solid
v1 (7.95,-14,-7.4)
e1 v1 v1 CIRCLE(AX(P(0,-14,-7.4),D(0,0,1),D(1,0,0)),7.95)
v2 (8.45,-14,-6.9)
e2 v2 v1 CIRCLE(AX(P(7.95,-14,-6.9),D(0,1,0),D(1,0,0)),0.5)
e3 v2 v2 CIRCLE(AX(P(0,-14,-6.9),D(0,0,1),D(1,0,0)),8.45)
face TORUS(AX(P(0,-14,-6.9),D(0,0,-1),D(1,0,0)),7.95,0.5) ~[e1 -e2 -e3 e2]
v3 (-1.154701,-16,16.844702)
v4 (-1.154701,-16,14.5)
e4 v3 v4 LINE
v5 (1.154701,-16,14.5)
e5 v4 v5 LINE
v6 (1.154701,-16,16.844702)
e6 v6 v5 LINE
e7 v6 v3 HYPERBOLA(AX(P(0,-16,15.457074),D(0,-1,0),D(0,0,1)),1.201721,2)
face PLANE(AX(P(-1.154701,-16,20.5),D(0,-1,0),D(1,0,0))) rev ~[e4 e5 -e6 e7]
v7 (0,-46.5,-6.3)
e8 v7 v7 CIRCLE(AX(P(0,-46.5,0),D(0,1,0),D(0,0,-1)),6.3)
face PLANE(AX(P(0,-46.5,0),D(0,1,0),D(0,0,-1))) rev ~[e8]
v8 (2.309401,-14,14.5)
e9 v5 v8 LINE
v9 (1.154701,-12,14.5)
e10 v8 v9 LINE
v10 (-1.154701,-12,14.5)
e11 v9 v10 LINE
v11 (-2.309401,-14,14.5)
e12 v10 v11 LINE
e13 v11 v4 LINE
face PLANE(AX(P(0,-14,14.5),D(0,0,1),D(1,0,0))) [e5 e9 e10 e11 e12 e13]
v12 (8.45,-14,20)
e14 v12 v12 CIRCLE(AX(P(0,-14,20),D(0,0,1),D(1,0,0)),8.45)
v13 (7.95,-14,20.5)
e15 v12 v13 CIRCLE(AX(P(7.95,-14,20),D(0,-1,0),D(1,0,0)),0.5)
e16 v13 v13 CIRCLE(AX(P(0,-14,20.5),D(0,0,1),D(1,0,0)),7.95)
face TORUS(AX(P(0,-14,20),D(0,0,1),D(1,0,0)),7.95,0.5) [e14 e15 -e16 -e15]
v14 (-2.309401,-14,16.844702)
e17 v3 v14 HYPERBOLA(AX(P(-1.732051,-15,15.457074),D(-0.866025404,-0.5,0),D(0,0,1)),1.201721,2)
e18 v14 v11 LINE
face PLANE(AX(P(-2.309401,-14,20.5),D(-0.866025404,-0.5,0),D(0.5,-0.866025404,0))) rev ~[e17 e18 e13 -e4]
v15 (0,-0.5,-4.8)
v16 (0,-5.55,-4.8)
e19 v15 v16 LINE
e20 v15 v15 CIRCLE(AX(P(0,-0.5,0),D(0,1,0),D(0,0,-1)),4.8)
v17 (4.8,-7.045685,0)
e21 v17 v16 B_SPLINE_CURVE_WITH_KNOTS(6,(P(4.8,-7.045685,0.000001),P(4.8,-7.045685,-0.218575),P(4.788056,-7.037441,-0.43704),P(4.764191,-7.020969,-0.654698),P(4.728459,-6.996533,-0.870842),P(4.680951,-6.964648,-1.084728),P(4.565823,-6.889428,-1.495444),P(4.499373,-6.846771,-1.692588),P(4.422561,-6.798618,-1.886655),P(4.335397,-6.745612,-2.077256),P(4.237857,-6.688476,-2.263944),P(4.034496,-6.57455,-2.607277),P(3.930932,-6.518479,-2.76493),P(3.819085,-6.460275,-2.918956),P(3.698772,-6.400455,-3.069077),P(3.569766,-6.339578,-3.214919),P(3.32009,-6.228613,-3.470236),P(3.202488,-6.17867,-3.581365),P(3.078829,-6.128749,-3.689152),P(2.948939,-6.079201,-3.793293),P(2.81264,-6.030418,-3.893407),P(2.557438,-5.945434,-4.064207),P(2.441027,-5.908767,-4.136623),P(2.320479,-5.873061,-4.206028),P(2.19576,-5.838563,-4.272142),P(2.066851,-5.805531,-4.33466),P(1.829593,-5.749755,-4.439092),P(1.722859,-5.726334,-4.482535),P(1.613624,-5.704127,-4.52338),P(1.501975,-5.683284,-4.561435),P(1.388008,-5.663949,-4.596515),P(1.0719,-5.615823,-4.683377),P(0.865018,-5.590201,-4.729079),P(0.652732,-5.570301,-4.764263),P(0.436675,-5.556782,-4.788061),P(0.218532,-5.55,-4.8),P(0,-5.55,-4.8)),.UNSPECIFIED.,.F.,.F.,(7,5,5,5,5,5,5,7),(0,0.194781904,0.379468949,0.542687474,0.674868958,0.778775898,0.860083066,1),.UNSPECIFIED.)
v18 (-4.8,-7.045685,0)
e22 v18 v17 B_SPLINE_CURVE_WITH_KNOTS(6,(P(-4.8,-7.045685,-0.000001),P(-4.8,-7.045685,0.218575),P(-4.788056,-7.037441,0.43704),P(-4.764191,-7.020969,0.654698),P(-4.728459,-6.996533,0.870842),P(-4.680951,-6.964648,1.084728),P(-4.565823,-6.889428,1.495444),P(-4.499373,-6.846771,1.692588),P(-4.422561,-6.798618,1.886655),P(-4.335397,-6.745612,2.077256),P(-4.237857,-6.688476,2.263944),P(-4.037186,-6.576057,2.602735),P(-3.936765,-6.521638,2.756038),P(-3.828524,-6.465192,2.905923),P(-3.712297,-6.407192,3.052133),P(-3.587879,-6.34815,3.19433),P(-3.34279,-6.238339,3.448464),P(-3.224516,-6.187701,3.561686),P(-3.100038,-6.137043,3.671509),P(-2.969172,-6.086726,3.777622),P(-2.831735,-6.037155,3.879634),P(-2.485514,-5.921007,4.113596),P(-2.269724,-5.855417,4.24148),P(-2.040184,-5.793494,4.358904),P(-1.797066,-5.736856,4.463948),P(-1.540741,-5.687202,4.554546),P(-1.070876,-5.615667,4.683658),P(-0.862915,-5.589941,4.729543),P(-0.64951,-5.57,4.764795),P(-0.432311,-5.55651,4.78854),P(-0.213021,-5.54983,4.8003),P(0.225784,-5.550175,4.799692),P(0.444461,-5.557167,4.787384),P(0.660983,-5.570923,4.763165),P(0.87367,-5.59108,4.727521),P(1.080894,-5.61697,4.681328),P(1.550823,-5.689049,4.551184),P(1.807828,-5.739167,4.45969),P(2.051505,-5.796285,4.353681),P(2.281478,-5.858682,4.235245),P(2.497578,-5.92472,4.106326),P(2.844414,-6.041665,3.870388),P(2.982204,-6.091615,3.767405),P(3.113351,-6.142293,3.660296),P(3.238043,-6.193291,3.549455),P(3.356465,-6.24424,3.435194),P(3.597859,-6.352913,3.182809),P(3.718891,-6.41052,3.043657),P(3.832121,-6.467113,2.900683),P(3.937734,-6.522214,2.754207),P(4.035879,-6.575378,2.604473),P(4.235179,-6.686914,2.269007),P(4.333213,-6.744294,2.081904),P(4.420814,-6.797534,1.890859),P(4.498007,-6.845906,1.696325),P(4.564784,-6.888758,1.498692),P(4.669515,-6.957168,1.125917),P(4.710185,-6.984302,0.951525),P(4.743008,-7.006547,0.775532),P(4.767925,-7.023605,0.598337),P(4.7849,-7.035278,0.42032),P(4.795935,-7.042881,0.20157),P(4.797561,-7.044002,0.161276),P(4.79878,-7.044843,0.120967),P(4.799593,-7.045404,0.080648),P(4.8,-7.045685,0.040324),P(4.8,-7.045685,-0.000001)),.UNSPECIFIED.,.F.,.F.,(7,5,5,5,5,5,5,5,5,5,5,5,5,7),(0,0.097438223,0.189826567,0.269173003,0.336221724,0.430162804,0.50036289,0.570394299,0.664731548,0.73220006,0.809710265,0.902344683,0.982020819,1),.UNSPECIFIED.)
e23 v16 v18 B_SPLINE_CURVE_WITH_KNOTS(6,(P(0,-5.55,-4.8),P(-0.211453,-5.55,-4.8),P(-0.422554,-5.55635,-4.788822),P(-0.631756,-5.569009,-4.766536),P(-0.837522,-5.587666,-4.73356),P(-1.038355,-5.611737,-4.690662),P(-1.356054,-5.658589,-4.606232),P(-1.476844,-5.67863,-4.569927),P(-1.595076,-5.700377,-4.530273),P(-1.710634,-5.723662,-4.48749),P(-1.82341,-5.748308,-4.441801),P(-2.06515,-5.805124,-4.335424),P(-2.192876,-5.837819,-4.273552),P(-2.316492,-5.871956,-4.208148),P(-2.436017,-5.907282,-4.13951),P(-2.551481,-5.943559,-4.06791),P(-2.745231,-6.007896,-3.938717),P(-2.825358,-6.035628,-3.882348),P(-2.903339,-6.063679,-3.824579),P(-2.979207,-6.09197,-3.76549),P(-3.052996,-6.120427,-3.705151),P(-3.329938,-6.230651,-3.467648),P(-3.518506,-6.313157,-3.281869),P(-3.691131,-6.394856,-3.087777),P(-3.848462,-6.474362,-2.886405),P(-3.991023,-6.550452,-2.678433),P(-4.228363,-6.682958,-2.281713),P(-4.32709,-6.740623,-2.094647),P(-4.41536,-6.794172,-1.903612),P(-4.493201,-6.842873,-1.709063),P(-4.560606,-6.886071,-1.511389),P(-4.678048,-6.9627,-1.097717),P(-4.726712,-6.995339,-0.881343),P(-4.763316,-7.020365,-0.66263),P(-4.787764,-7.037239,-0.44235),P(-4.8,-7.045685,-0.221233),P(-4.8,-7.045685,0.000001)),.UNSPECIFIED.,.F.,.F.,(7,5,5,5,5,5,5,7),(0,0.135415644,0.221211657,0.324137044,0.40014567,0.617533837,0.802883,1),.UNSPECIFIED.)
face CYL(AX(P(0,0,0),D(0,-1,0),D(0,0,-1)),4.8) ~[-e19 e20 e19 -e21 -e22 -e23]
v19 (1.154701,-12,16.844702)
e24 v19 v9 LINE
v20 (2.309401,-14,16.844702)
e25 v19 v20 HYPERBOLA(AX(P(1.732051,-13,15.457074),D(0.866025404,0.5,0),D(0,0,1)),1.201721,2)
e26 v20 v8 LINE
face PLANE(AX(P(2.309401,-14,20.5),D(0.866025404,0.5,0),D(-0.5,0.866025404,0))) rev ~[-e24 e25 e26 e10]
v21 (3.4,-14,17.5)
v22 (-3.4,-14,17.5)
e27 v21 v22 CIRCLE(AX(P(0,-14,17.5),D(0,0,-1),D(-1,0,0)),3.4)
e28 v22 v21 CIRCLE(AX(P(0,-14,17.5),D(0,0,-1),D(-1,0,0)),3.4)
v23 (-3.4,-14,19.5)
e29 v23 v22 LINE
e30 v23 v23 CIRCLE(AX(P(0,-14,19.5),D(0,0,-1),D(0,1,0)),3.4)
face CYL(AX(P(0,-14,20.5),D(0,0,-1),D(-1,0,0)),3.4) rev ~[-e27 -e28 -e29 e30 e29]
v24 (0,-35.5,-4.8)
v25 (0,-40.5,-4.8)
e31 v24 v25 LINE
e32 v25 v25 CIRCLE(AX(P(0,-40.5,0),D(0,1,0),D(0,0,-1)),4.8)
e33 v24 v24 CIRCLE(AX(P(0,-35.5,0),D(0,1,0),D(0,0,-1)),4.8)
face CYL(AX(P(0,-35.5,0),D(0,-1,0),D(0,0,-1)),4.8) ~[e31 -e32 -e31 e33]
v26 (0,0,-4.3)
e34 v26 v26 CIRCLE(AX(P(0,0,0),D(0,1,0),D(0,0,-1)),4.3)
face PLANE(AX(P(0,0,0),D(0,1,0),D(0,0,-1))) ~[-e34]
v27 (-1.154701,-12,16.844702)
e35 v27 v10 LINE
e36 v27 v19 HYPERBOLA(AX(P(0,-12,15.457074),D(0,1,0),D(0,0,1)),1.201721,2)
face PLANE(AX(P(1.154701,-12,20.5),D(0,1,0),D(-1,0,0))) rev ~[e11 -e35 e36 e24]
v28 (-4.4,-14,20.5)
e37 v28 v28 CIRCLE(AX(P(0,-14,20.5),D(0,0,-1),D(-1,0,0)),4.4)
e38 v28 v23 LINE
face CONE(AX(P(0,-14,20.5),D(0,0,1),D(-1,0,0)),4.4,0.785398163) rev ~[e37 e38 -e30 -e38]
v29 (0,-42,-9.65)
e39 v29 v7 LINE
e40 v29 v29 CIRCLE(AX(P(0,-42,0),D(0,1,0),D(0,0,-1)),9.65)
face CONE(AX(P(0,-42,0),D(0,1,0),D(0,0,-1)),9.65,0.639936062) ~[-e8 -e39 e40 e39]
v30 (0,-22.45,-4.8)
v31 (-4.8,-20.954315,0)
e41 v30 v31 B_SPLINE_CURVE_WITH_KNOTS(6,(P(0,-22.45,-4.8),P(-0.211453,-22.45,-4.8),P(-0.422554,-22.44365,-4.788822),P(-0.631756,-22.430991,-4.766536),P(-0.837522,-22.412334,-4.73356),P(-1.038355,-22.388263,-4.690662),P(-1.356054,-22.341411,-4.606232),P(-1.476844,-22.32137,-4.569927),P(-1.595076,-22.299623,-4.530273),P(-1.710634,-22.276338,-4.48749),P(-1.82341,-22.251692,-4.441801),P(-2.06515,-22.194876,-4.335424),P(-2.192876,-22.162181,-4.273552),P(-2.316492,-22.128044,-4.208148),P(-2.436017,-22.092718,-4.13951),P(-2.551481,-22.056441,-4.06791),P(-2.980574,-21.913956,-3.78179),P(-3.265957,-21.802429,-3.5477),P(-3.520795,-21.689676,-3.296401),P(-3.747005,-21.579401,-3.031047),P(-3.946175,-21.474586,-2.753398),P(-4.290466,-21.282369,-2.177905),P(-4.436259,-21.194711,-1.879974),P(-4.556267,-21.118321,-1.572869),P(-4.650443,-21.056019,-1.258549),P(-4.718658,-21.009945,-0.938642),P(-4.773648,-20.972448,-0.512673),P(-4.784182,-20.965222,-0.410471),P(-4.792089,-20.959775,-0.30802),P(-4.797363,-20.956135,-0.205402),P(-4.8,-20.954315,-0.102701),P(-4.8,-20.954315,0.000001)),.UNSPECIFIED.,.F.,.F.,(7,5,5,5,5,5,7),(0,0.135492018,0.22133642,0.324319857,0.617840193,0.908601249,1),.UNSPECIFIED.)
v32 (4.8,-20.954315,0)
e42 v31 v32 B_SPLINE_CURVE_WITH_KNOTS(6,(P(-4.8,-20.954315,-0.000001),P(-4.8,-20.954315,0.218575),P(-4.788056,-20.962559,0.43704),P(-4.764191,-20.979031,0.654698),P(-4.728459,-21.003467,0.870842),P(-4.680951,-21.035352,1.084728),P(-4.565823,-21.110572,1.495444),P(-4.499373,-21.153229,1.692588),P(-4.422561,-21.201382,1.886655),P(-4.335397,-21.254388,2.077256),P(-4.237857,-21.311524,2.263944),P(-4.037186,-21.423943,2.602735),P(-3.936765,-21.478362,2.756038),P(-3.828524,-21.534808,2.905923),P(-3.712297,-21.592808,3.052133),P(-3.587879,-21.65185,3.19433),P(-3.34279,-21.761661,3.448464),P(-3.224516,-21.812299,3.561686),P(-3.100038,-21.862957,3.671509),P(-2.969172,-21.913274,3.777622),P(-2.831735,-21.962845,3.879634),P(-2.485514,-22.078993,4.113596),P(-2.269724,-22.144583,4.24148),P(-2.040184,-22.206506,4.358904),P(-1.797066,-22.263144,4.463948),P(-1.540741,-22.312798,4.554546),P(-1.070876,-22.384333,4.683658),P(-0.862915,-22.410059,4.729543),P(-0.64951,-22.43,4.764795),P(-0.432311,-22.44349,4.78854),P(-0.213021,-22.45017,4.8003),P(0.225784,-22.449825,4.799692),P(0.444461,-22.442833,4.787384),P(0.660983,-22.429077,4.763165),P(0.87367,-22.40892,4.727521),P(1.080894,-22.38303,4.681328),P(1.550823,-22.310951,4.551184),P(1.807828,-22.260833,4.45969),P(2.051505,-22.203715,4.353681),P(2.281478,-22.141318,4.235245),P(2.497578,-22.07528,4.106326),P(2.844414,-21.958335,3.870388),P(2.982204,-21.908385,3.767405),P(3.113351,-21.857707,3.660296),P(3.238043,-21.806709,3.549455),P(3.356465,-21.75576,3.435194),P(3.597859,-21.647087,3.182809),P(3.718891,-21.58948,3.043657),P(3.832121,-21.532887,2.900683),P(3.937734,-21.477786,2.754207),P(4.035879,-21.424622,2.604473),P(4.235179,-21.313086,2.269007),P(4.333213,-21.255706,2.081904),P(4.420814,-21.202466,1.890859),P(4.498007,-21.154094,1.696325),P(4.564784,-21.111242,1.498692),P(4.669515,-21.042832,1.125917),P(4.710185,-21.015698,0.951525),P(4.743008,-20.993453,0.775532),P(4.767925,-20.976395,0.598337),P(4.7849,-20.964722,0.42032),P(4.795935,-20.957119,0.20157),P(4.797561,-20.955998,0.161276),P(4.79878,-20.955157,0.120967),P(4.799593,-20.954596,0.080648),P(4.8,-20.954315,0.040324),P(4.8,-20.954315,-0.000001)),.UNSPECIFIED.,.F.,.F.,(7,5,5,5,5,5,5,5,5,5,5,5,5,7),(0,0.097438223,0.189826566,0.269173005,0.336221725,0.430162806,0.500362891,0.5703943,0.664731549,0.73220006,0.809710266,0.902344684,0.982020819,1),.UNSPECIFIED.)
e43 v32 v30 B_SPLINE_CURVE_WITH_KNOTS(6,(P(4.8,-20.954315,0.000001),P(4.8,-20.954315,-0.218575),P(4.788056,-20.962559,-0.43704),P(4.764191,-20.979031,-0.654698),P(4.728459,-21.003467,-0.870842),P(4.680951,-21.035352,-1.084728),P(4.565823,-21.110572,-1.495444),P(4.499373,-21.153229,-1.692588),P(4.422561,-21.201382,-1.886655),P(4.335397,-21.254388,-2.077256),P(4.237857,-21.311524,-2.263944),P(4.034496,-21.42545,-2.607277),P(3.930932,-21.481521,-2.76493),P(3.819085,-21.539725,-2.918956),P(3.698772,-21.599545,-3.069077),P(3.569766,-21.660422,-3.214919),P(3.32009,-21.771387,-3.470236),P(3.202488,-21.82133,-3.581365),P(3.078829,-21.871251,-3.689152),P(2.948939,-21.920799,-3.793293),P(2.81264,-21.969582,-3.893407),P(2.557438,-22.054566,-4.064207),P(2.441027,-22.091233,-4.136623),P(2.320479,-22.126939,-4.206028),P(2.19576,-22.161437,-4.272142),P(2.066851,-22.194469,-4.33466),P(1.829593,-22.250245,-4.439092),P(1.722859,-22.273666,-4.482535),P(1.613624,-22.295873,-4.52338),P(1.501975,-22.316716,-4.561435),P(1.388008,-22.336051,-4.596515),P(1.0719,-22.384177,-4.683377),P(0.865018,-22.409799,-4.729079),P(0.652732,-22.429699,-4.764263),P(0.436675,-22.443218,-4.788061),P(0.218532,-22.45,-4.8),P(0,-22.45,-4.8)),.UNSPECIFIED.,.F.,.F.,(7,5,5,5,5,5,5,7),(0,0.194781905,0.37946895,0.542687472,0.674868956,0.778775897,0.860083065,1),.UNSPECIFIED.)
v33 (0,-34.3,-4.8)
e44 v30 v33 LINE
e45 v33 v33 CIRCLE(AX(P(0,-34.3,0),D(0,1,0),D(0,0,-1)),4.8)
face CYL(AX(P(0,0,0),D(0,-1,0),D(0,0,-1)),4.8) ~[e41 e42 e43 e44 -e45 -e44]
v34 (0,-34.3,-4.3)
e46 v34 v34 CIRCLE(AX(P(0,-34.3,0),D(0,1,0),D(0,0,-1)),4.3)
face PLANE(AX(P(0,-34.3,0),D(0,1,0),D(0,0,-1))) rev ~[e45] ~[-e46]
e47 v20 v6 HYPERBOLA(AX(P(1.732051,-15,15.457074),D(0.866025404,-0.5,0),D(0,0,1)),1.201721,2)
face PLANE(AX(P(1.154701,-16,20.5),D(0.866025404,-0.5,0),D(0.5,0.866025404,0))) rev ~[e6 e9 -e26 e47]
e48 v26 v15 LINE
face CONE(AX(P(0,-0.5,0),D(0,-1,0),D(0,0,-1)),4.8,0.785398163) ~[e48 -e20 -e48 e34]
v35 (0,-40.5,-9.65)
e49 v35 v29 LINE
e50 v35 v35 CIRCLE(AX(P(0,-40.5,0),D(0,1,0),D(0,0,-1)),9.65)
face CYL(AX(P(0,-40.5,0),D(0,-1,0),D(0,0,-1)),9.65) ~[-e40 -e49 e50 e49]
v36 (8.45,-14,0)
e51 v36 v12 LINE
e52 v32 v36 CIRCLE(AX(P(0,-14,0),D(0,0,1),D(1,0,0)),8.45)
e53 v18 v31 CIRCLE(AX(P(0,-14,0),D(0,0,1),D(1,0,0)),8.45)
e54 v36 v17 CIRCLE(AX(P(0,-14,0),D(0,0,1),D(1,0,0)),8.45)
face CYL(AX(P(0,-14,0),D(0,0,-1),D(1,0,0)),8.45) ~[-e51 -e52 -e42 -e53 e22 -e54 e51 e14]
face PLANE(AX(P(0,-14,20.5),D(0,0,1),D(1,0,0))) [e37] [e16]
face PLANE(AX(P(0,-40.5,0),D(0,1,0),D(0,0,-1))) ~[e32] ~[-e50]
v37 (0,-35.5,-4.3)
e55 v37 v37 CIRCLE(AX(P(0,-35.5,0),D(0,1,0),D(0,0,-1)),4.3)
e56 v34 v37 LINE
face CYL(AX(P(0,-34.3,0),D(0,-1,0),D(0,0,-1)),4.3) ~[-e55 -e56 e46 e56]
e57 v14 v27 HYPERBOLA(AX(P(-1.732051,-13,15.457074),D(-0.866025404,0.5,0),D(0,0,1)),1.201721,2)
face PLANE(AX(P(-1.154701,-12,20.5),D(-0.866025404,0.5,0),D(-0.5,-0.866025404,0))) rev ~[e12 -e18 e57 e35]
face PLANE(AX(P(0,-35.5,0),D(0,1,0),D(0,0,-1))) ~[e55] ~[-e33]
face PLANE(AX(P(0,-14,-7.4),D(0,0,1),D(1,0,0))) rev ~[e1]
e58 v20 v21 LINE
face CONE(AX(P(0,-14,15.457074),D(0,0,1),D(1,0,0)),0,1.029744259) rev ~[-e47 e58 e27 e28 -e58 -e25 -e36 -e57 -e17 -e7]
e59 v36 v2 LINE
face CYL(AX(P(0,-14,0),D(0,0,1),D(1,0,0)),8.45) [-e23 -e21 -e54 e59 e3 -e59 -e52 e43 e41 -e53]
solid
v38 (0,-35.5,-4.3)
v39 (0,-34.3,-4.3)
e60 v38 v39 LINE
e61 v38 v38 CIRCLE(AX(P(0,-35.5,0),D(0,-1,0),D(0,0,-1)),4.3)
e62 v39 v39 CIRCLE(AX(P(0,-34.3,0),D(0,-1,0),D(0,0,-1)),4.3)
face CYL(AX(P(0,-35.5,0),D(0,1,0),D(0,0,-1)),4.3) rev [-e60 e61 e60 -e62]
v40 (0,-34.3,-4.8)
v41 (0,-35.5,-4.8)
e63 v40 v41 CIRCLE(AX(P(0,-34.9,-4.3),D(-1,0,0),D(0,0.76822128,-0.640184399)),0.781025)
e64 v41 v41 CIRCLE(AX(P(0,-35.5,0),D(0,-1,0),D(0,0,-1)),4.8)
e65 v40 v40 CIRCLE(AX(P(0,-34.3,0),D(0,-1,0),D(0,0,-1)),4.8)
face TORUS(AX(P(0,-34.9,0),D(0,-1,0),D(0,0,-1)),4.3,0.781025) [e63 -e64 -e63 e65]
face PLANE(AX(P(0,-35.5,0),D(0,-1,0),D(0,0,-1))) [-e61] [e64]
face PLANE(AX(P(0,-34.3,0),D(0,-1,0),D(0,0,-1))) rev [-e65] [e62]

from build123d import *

# Parameters (mm, degrees)
CHAMFER_1_SIZE              = 0.5
SKETCH_12_R                 = 8.45
EXTRUDE_2_DEPTH             = 20.5
EXTRUDE_2_DEPTH_BACK        = 7.4
HOLE_WIZARD_M81_D           = 6.8
HOLE_WIZARD_M81_DEPTH       = 3
HOLE_WIZARD_M81_CSINK_D     = 8.8
HOLE_WIZARD_M81_CSINK_ANGLE = 90
HOLE_WIZARD_M81_TIP         = 2.042926105
FILLET_1_R                  = 0.5
CUT_EXTRUDE_2_DEPTH         = 6


with BuildPart() as part:
    # Эскиз3 → Повернуть1 (revolve)
    with BuildSketch(Plane.XY, mode=Mode.PRIVATE) as revolve_1_sk:
        Polygon((0, 0), (-4.8, 0), (-4.8, -34.3), (-4.3, -34.3), (-4.3, -35.5), (-4.8, -35.5), (-4.8, -40.5), (-9.65, -40.5), (-9.65, -42), (-6.3, -46.5), (0, -46.5), align=None)
    revolve(revolve_1_sk.sketch.rotate(Axis((0, 0, 0), (0, 1, 0)), 270), axis=Axis((0, 0, 0), (0, 1, 0)))  # turned: the seam where the file's is

    # Фаска1
    chamfer_1_edges = [part.edges().sort_by_distance(p)[0] for p in [
        (0, 0, 4.8),
    ]]
    chamfer(chamfer_1_edges, length=CHAMFER_1_SIZE)

    # Эскиз12 → Бобышка-Вытянуть2 (add, two sides)
    with BuildSketch(Plane.XY) as extrude_2_sk:
        with Locations((0, -14)):
            Circle(SKETCH_12_R)
    extrude(amount=EXTRUDE_2_DEPTH)
    extrude(extrude_2_sk.sketch, amount=-EXTRUDE_2_DEPTH_BACK)

    # Отверстие обработанное метчиком M81
    with Locations(Plane.XY.offset(20.5)):
        with Locations((0, -14)):
            CounterSinkHole(HOLE_WIZARD_M81_D / 2, HOLE_WIZARD_M81_CSINK_D / 2, depth=HOLE_WIZARD_M81_DEPTH, counter_sink_angle=HOLE_WIZARD_M81_CSINK_ANGLE)
            with Locations((0, 0, -(HOLE_WIZARD_M81_DEPTH + HOLE_WIZARD_M81_TIP / 2))):  # 118° drill point
                Cone(0, HOLE_WIZARD_M81_D / 2, HOLE_WIZARD_M81_TIP, mode=Mode.SUBTRACT)

    # Скругление1
    fillet_1_edges = [part.edges().sort_by_distance(p)[0] for p in [
        (-8.45, -14, -7.4),
        (-8.45, -14, 20.5),
    ]]
    fillet(fillet_1_edges, radius=FILLET_1_R)

    # Эскиз15 → Вырез-Вытянуть2 (cut)
    with BuildSketch(Plane.XY.offset(20.5)):
        Polygon((2.309401077, -14), (1.154700538, -12), (-1.154700538, -12), (-2.309401077, -14), (-1.154700538, -16), (1.154700538, -16), align=None)
    extrude(amount=-CUT_EXTRUDE_2_DEPTH, mode=Mode.SUBTRACT)


with BuildPart() as body_2:
    # Эскиз16 → Повернуть2 (revolve)
    with BuildSketch(Plane.XY, mode=Mode.PRIVATE) as revolve_2_sk:
        with BuildLine():
            Line((-4.3, -34.3), (-4.8, -34.3))
            ThreePointArc((-4.8, -34.3), (-5.081024968, -34.9), (-4.8, -35.5))
            Line((-4.8, -35.5), (-4.3, -35.5))
            Line((-4.3, -35.5), (-4.3, -34.3))
        make_face()
    revolve(revolve_2_sk.sketch.rotate(Axis((0, -34.3, 0), (0, -1, 0)), 90), axis=Axis((0, -34.3, 0), (0, -1, 0)))  # turned: the seam where the file's is


solid = Compound([part.part, body_2.part])
